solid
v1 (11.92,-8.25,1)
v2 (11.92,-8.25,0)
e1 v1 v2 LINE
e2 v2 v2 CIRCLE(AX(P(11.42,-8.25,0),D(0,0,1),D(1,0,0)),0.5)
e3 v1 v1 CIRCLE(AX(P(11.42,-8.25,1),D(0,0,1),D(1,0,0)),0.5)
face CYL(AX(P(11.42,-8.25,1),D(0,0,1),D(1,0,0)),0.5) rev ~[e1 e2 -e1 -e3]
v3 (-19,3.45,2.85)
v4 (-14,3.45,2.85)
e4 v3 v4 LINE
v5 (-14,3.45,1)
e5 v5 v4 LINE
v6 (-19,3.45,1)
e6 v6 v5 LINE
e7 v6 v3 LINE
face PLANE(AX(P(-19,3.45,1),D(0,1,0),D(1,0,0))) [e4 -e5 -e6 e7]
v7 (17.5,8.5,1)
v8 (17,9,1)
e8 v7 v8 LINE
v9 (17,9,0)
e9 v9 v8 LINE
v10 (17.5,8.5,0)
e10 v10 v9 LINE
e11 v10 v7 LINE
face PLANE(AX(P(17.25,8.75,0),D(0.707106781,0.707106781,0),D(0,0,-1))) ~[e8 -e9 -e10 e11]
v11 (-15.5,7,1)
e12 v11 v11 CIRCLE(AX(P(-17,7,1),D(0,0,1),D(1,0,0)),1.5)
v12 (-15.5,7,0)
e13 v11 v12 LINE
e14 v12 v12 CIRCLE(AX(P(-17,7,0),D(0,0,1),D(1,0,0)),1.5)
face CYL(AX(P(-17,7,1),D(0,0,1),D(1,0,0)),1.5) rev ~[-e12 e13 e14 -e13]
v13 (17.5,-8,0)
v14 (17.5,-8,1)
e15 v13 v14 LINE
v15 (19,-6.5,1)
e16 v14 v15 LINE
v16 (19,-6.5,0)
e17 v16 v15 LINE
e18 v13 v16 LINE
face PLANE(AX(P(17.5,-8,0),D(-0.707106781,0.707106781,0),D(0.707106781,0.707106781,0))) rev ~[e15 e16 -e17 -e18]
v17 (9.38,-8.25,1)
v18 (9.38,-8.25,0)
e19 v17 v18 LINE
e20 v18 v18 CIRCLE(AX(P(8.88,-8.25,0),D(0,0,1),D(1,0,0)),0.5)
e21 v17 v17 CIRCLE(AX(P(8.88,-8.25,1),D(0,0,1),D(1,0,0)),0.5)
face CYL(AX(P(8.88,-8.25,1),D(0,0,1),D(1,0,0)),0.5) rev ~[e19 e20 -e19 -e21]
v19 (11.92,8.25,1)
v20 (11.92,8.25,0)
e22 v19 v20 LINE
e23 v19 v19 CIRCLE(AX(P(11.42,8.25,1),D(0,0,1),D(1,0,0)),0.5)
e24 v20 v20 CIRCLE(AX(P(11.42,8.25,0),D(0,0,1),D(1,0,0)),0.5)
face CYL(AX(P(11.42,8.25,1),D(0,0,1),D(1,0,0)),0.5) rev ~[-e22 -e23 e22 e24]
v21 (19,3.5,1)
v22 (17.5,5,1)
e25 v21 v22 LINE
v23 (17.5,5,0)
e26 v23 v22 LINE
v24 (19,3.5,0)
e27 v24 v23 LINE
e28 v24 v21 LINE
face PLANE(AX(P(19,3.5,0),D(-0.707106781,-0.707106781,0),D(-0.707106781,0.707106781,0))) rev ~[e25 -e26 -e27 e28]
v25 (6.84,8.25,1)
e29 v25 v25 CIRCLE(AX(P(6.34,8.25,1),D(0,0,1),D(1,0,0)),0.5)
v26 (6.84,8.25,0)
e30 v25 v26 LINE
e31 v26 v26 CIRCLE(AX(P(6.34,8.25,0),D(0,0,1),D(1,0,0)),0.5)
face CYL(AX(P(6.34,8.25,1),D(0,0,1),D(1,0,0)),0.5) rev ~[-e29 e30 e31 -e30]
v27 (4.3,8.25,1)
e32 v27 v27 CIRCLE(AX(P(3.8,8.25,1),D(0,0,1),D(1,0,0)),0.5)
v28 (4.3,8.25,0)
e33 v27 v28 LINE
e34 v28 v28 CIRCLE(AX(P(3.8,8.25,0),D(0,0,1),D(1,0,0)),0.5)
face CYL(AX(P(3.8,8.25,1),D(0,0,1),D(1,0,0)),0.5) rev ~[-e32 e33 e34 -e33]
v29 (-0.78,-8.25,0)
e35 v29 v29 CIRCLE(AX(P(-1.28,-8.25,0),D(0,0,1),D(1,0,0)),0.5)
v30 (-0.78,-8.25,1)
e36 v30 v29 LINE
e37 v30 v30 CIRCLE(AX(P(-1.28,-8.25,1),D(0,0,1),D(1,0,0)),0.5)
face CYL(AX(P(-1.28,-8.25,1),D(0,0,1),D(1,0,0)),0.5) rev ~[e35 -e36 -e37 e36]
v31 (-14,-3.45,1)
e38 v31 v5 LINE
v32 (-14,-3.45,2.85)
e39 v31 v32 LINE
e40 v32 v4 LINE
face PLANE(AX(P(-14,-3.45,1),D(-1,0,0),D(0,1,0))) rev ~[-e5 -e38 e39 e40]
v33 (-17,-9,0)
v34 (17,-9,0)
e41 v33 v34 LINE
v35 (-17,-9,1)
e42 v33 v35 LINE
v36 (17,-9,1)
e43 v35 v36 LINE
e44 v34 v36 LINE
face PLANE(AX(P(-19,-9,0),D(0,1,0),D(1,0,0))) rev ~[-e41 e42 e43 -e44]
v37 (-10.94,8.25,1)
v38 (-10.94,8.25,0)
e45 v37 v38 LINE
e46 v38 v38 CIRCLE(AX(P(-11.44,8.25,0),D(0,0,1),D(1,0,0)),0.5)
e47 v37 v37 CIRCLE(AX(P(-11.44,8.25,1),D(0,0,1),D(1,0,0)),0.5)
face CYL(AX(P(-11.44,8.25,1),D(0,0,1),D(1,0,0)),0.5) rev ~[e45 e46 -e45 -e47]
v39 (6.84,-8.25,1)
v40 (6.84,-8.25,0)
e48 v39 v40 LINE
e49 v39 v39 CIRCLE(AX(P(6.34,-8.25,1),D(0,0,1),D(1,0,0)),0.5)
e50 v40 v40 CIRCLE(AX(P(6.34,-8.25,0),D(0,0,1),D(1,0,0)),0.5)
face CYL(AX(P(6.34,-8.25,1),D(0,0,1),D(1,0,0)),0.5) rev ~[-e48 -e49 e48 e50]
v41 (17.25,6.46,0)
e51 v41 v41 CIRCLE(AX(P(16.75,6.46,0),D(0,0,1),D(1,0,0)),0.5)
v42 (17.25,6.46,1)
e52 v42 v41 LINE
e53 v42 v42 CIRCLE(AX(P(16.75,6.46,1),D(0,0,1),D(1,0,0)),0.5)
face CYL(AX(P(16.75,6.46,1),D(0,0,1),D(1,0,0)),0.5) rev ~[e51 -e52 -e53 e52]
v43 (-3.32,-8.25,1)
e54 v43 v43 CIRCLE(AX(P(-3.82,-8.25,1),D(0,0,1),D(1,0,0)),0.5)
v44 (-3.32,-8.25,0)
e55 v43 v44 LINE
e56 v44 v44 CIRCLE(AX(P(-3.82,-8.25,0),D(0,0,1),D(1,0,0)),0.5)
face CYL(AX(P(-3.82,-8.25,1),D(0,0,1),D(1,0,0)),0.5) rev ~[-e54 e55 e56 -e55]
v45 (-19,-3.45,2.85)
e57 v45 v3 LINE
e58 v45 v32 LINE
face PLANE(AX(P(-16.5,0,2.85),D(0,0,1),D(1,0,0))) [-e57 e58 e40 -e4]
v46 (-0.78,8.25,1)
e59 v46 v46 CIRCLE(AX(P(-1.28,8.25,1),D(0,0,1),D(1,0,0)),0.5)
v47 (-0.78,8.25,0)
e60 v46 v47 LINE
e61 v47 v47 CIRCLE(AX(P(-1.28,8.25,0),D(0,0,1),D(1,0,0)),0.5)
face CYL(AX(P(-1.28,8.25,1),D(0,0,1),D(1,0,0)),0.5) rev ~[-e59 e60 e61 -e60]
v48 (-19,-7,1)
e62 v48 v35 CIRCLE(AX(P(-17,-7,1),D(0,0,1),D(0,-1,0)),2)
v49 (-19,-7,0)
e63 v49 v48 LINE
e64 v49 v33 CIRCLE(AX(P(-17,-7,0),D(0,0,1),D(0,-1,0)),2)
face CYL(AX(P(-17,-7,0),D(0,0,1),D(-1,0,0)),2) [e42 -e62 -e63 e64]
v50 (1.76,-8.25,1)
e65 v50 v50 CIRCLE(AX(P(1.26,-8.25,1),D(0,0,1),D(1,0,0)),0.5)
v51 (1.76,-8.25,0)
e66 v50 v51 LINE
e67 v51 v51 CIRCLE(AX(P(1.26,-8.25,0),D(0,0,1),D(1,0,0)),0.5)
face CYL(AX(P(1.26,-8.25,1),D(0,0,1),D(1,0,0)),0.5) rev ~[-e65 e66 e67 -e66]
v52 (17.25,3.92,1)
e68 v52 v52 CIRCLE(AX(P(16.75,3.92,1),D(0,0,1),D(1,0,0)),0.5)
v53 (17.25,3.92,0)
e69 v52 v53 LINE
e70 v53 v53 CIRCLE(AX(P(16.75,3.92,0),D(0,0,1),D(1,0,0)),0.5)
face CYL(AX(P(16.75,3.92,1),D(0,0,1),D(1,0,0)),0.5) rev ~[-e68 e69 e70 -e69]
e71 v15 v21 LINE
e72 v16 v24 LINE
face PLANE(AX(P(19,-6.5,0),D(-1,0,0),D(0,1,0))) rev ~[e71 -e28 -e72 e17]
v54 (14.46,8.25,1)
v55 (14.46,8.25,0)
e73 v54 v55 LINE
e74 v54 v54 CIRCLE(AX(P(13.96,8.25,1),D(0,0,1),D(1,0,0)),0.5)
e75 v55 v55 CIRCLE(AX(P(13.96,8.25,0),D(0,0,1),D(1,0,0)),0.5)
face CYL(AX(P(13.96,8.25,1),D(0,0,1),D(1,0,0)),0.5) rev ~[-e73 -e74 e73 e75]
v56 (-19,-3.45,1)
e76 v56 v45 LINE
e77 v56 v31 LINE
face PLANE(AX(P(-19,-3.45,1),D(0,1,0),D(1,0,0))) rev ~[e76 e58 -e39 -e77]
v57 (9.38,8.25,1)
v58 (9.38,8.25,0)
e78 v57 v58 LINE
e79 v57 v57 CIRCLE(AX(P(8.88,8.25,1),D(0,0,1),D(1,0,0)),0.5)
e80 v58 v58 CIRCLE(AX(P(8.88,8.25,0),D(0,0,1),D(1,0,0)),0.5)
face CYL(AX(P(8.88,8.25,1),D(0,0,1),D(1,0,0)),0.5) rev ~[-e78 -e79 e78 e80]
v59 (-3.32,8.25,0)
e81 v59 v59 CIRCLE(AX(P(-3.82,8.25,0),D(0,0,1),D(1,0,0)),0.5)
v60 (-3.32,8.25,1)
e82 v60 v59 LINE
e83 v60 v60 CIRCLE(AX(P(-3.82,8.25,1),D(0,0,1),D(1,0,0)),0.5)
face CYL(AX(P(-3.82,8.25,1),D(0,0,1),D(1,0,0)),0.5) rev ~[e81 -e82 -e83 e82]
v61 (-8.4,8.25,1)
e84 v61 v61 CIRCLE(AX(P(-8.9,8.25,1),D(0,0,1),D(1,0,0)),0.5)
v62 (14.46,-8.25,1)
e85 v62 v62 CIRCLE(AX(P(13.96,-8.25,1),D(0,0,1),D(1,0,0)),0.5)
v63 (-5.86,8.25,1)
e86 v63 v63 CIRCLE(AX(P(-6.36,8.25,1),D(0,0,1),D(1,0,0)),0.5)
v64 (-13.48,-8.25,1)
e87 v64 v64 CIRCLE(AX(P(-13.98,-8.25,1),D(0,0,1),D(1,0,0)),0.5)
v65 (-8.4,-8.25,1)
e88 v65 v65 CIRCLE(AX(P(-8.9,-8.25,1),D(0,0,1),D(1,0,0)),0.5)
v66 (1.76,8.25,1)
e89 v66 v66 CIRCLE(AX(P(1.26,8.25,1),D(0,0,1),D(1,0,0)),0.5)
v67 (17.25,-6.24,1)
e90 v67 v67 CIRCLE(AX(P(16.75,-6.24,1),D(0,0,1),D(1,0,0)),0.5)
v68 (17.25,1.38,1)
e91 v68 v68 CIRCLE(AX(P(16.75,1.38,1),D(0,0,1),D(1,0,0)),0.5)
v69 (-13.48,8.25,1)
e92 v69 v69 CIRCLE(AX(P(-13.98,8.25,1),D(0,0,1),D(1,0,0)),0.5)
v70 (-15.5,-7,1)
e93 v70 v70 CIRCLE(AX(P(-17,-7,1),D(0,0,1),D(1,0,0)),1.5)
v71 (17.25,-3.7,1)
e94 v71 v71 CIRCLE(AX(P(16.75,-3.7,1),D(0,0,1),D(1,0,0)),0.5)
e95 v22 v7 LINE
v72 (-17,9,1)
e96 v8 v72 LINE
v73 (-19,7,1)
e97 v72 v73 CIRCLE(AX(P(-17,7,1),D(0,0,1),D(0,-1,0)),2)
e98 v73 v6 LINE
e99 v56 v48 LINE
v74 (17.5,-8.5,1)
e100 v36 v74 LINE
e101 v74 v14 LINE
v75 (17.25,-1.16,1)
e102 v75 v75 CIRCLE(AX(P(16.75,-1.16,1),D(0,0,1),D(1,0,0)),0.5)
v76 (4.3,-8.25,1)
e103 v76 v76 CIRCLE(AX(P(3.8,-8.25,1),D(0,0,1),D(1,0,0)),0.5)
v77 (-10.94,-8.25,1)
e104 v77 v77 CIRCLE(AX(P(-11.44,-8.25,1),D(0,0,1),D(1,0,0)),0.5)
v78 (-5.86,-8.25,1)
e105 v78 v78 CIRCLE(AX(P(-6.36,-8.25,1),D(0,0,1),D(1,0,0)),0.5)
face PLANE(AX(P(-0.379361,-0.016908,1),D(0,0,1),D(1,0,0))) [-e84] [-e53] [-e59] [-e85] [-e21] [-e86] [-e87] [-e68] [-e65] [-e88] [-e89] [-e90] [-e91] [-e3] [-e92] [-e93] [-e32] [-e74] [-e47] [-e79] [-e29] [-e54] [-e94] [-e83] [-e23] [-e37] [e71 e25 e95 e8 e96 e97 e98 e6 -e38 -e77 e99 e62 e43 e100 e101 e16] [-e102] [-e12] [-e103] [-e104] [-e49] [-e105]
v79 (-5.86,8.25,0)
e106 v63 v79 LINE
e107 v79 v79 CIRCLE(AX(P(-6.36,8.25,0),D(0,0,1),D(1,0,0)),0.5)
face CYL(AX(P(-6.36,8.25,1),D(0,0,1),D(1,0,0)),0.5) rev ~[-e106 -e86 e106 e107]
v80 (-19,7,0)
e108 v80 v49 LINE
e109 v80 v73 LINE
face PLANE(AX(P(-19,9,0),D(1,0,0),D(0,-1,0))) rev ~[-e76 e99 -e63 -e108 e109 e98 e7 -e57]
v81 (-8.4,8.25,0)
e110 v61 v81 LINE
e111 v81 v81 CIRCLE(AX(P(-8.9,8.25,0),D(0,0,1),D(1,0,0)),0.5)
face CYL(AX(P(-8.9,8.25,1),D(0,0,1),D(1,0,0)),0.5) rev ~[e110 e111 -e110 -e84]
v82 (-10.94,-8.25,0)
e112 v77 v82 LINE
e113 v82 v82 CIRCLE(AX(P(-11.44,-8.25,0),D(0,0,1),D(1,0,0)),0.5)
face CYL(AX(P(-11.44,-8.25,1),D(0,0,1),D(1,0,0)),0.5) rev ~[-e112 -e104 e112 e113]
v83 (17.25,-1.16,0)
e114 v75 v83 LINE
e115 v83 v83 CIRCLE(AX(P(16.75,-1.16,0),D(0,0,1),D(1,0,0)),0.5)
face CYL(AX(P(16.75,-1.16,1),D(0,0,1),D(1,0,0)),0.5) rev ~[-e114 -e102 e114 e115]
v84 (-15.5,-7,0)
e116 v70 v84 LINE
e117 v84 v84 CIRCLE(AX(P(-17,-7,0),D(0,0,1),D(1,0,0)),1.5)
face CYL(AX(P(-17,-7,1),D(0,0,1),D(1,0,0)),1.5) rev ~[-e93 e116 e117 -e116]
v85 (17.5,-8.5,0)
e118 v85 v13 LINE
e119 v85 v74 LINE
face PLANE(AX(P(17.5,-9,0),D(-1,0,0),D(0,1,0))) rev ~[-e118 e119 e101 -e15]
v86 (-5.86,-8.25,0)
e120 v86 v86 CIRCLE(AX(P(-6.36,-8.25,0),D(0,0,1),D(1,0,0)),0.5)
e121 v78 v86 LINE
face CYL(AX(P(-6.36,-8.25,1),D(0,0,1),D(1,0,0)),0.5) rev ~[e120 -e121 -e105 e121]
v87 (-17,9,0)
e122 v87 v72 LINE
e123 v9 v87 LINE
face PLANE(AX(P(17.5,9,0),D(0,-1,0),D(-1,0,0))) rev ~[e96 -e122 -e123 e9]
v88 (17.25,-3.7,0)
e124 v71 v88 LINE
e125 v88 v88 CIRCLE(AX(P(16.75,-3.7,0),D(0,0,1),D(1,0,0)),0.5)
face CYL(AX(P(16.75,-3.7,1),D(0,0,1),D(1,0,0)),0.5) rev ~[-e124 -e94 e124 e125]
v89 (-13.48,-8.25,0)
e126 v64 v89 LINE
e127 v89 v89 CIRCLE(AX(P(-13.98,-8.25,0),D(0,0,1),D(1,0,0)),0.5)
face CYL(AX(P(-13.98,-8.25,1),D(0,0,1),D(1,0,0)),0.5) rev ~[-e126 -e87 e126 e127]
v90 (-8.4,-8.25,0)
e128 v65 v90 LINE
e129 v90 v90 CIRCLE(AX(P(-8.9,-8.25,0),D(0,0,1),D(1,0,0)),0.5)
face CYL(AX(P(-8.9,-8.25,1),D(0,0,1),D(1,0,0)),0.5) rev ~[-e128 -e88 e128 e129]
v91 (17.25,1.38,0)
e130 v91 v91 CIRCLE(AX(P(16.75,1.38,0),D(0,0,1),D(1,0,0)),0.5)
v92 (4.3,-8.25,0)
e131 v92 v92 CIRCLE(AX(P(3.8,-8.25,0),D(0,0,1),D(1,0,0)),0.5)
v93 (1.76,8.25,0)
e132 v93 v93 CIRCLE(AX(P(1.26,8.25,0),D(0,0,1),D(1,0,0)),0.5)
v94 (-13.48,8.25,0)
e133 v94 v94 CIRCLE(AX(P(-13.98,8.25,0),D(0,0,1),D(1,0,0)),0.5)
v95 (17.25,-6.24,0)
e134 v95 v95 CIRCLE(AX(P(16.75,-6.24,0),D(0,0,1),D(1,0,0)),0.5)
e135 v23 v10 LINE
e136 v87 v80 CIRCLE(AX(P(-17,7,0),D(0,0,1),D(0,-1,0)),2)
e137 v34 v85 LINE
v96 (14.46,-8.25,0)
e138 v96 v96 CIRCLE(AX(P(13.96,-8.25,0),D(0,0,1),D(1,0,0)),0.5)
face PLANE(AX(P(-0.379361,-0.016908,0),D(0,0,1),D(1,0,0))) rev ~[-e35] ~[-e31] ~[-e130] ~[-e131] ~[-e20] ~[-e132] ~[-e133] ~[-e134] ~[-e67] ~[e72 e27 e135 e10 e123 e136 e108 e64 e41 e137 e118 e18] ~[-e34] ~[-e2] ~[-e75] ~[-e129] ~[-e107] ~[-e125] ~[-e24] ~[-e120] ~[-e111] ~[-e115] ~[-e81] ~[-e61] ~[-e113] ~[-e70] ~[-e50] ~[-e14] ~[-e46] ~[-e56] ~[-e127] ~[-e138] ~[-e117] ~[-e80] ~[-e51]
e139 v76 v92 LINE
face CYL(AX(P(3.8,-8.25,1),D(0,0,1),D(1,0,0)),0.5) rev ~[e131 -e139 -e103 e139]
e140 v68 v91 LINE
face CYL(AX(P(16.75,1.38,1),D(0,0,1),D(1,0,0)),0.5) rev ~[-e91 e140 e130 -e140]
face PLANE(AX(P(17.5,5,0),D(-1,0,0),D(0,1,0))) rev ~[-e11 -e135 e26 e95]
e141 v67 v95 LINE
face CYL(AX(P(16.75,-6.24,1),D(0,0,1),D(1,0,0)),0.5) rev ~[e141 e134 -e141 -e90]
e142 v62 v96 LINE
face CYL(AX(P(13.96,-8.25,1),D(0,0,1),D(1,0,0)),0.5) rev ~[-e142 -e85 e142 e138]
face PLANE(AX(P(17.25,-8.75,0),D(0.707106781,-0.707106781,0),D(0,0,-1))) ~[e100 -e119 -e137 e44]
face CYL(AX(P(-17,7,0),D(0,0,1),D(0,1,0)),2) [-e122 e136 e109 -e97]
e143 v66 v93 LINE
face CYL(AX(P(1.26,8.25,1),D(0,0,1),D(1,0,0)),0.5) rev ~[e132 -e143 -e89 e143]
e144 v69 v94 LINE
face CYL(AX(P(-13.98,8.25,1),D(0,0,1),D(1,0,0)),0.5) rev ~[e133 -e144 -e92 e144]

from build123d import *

# Parameters (mm, degrees)
F1_DEPTH = 1
F2_R     = 0.5
F3_DEPTH = 1.001
F4_SIZE  = 0.5
F5_R     = 2
F6_R     = 1.5
F7_DEPTH = 1.001
F8_W     = 5
F8_H     = 6.9
F9_DEPTH = 1.85


with BuildPart() as f1:
    # F0 (on Top) → F1 (new body)
    with BuildSketch(Plane.XY):
        Polygon((17.5, 5), (17.5, 9), (-19, 9), (-19, -9), (17.5, -9), (17.5, -8), (19, -6.5), (19, 3.5), align=None)
    extrude(amount=F1_DEPTH)

    # F2 (on face) → F3 (cut, through all)
    with BuildSketch(Plane.XY.offset(1)):
        with Locations((13.96, -8.25)):
            Circle(F2_R)
        with Locations((11.42, -8.25)):
            Circle(F2_R)
        with Locations((8.88, -8.25)):
            Circle(F2_R)
        with Locations((6.34, -8.25)):
            Circle(F2_R)
        with Locations((3.8, -8.25)):
            Circle(F2_R)
        with Locations((1.26, -8.25)):
            Circle(F2_R)
        with Locations((-1.28, -8.25)):
            Circle(F2_R)
        with Locations((-3.82, -8.25)):
            Circle(F2_R)
        with Locations((-6.36, -8.25)):
            Circle(F2_R)
        with Locations((-8.9, -8.25)):
            Circle(F2_R)
        with Locations((-11.44, -8.25)):
            Circle(F2_R)
        with Locations((-13.98, -8.25)):
            Circle(F2_R)
        with Locations((13.96, 8.25)):
            Circle(F2_R)
        with Locations((11.42, 8.25)):
            Circle(F2_R)
        with Locations((8.88, 8.25)):
            Circle(F2_R)
        with Locations((-1.28, 8.25)):
            Circle(F2_R)
        with Locations((1.26, 8.25)):
            Circle(F2_R)
        with Locations((-6.36, 8.25)):
            Circle(F2_R)
        with Locations((-8.9, 8.25)):
            Circle(F2_R)
        with Locations((-3.82, 8.25)):
            Circle(F2_R)
        with Locations((3.8, 8.25)):
            Circle(F2_R)
        with Locations((6.34, 8.25)):
            Circle(F2_R)
        with Locations((-13.98, 8.25)):
            Circle(F2_R)
        with Locations((-11.44, 8.25)):
            Circle(F2_R)
        with Locations((16.75, 6.46)):
            Circle(F2_R)
        with Locations((16.75, 3.92)):
            Circle(F2_R)
        with Locations((16.75, 1.38)):
            Circle(F2_R)
        with Locations((16.75, -1.16)):
            Circle(F2_R)
        with Locations((16.75, -3.7)):
            Circle(F2_R)
        with Locations((16.75, -6.24)):
            Circle(F2_R)
    extrude(amount=-F3_DEPTH, mode=Mode.SUBTRACT)

    # F4
    f4_edges = [f1.edges().sort_by_distance(p)[0] for p in [
        (17.5, 9, 0.5),
        (17.5, -9, 0.5),
    ]]
    chamfer(f4_edges, length=F4_SIZE)

    # F5
    f5_edges = [f1.edges().sort_by_distance(p)[0] for p in [
        (-19, -9, 0.5),
        (-19, 9, 0.5),
    ]]
    fillet(f5_edges, radius=F5_R)

    # F6 (on face) → F7 (cut, through all)
    with BuildSketch(Plane.XY.offset(1)):
        with Locations((-17, 7)):
            Circle(F6_R)
        with Locations((-17, -7)):
            Circle(F6_R)
    extrude(amount=-F7_DEPTH, mode=Mode.SUBTRACT)

    # F8 (on face) → F9 (join)
    with BuildSketch(Plane.XY.offset(1)):
        with Locations((-16.5, 0)):
            Rectangle(F8_W, F8_H)
    extrude(amount=F9_DEPTH)


solid = f1.part
